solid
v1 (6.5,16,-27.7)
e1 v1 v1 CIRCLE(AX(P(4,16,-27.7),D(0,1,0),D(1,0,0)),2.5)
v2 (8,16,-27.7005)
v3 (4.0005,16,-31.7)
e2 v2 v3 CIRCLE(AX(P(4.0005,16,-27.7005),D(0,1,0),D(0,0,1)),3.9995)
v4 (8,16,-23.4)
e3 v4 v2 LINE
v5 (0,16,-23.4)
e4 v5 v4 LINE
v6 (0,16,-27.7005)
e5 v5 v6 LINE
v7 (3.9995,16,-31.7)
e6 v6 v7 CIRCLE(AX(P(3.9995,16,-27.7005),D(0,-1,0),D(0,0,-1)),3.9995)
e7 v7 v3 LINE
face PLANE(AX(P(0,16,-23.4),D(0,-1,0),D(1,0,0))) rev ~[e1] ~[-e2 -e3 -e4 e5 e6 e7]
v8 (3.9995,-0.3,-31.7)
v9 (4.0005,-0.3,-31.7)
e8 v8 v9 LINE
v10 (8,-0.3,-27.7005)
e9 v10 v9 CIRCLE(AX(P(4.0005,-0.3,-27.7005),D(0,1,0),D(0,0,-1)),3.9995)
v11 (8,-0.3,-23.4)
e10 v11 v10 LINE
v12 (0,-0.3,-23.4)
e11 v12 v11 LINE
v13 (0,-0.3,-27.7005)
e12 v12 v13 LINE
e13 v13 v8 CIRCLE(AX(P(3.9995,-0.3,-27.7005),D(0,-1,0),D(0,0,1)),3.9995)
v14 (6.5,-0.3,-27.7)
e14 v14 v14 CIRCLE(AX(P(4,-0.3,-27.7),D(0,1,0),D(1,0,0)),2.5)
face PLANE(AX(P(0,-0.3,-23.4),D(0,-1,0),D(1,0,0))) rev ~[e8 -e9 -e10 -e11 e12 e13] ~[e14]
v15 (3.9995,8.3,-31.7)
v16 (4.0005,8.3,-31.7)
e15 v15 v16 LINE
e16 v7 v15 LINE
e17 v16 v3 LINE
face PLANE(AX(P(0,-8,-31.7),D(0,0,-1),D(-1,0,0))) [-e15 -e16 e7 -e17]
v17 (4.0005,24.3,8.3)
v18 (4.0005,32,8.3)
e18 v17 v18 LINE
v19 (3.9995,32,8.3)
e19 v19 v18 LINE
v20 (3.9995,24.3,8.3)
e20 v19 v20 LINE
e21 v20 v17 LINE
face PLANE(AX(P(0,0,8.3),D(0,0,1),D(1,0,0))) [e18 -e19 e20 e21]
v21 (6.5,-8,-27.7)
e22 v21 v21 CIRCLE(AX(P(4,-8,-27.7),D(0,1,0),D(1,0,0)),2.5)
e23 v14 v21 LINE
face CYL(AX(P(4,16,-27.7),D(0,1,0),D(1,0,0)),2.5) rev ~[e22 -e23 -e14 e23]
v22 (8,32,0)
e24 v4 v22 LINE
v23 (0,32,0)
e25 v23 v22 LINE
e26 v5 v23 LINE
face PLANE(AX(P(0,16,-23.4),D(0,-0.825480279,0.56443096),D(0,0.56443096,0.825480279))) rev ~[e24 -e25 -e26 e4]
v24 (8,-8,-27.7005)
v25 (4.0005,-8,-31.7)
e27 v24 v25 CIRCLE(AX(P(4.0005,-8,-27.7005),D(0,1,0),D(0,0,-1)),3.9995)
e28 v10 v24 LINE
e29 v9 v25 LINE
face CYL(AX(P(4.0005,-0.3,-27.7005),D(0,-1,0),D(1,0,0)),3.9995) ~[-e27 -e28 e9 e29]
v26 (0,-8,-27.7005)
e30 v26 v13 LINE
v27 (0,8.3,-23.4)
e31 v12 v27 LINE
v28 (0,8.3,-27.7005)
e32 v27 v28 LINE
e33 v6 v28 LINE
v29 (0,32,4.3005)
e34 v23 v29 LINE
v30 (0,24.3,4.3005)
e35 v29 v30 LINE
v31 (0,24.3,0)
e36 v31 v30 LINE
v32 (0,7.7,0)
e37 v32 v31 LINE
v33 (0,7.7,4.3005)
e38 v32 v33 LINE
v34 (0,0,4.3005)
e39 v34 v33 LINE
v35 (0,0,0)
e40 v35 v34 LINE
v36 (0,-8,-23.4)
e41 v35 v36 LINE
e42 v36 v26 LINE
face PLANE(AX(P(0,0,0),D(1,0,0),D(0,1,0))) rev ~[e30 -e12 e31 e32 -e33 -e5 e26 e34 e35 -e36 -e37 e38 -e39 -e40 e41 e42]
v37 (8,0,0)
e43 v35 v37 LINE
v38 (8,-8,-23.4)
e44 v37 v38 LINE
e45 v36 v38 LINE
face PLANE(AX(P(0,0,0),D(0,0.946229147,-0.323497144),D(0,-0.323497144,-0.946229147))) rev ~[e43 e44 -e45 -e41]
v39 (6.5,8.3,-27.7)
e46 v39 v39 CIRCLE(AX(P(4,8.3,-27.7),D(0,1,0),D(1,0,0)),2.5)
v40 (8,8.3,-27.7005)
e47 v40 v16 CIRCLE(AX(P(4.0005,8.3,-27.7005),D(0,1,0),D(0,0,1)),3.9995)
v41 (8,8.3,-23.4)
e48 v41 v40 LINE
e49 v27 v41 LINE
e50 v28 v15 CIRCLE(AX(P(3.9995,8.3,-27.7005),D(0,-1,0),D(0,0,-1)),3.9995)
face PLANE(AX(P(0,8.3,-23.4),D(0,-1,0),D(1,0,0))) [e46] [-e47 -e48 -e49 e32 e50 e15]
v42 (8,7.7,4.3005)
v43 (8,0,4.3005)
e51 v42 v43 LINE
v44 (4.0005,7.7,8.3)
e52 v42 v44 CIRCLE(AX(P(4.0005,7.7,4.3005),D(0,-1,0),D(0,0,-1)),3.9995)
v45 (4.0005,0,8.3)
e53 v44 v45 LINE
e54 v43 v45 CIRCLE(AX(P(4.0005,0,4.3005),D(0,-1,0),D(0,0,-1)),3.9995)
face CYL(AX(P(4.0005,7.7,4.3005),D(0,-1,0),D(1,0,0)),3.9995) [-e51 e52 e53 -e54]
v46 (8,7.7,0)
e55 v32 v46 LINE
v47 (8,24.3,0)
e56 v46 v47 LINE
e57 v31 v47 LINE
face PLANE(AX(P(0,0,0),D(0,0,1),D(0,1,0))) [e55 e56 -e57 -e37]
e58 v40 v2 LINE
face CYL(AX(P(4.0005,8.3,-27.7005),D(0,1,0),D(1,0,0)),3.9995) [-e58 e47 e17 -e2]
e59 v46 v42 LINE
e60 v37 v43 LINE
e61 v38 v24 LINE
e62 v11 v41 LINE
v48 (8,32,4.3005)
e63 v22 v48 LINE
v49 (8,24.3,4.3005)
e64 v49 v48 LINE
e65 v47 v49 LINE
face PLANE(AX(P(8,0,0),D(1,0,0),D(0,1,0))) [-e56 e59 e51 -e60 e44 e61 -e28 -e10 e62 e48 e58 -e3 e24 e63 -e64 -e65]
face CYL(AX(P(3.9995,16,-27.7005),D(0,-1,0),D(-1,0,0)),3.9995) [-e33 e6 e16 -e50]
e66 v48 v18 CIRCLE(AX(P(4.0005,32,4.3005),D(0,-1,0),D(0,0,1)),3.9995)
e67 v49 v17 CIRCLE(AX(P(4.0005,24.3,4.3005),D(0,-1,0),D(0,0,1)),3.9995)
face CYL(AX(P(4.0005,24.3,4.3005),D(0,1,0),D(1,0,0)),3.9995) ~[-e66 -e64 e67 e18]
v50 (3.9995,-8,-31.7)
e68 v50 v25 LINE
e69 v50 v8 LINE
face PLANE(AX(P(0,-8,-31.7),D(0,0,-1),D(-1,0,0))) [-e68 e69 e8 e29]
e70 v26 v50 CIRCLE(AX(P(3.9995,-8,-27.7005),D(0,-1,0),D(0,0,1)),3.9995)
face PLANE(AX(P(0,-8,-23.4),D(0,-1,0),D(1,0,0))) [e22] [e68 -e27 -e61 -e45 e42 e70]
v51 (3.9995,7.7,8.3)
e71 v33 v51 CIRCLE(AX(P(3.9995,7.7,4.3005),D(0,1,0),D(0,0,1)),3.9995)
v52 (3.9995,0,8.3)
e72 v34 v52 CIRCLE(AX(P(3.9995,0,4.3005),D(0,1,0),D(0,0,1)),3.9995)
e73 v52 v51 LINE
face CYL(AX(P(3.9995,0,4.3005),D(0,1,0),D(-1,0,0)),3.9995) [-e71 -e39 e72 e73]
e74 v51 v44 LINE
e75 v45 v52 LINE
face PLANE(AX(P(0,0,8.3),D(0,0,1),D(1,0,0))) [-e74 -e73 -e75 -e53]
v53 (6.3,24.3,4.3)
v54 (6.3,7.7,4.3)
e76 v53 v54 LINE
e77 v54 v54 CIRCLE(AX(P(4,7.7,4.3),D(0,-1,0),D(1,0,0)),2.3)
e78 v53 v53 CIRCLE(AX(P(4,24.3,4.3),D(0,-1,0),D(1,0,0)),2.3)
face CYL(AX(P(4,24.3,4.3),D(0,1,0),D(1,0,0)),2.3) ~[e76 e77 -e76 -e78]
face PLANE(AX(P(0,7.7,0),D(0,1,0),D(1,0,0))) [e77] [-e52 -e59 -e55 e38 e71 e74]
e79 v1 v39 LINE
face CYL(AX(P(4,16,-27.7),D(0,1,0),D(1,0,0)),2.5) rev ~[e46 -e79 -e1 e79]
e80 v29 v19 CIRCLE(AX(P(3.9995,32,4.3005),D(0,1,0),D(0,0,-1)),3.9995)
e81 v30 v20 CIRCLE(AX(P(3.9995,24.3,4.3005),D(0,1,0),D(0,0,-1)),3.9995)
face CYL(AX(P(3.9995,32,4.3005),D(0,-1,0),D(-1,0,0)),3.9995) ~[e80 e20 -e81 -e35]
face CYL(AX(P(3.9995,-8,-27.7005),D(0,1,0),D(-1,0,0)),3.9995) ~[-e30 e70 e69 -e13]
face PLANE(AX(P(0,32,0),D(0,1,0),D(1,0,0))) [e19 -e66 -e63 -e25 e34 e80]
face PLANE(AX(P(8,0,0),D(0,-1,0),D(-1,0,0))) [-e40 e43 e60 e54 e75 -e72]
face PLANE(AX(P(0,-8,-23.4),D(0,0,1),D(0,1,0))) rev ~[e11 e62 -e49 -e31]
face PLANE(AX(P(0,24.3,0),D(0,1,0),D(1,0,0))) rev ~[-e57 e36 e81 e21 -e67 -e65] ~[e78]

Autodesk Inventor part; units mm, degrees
ref_plane "YZ Plane" through (0, 0, 0) normal (1, 0, 0) x (0, 1, 0)
ref_plane "XZ Plane" through (0, 0, 0) normal (0, 1, 0) x (-1, 0, 0)
ref_plane "XY Plane" through (0, 0, 0) normal (0, 0, 1) x (1, 0, 0)
sketch "Sketch2" plane through (0, 0, 0) normal (1, 0, 0) x (0, 1, 0)
  line L0 (0, 0) -> (32, 0)
  line L1 (0, 0) -> (-8, -23.4)
  line L2 (-8, -23.4) -> (16, -23.4)
  line L3 (16, -23.4) -> (32, 0)
  dimension "d4" = 32
  dimension "d32" = 24
  dimension "d34" = 8
  dimension "d35" = 23.4
extrude "Extrusion1" add sketch "Sketch2" along normal blind 8
sketch "Sketch7" plane through (0, -8, -23.4) normal (0, 0, -1) x (-1, 0, 0)
  line L0 (0, 24) -> (-8, 24) projected
  line L1 (-8, 24) -> (0, 24)
  line L2 (0, 24) -> (0, 16.3)
  line L3 (0, 16.3) -> (-8, 16.3)
  line L4 (-8, 16.3) -> (-8, 24)
  line L5 (0, 0) -> (-8, 0) projected
  line L6 (-8, 0) -> (0, 0)
  line L7 (0, 0) -> (0, 7.7)
  line L8 (0, 7.7) -> (-8, 7.7)
  line L9 (-8, 7.7) -> (-8, 0)
  point P0 (0, 8)
  dimension "d36" = 8
  dimension "d37" = 7.7
  dimension "d38" = 8
  dimension "d39" = 7.7
extrude "Extrusion6" add sketch "Sketch7" along normal blind 8.3
sketch "Sketch8" plane through (0, 0, 0) normal (0, 0, 1) x (1, 0, 0)
  line L0 (0, 32) -> (8, 32) projected
  line L1 (8, 32) -> (0, 32)
  line L2 (0, 32) -> (0, 24.3)
  line L3 (0, 24.3) -> (8, 24.3)
  line L4 (8, 24.3) -> (8, 32)
  line L5 (8, 0) -> (0, 0)
  line L6 (0, 0) -> (0, 7.7)
  line L7 (0, 7.7) -> (8, 7.7)
  line L8 (8, 7.7) -> (8, 0)
  dimension "d42" = 8
  dimension "d43" = 7.7
  dimension "d44" = 8
  dimension "d45" = 7.7
extrude "Extrusion7" add sketch "Sketch8" along normal blind 8.3
sketch "Sketch9" plane through (0, 24.3, 0) normal (0, -1, 0) x (1, 0, 0)
  circle A0 centre (4, 4.3) radius 2.3
  line L0 (0, 0) -> (0, 8.3) projected
  line L1 (0, 8.3) -> (8, 8.3) projected
  dimension "d48" = 4.6
  dimension "d49" = 4
  dimension "d50" = 4
extrude "Extrusion8" add sketch "Sketch9" along normal up to surface (16.6 mm away)
sketch "Sketch10" plane through (0, 16, -23.4) normal (0, 1, 0) x (1, 0, 0)
  circle A0 centre (4, 4.3) radius 2.5
  line L0 (8, 0) -> (8, 8.3) projected
  line L1 (0, 8.3) -> (8, 8.3) projected
  point P0 (0, -23.4)
  dimension "d53" = 5
  dimension "d54" = 4
  dimension "d55" = 4
extrude "Extrusion9" cut sketch "Sketch10" against normal up to surface (24 mm away)
fillet "Fillet2" radius 4 8 edges at (0, 12.15, -31.7) (8, 12.15, -31.7) (8, -4.15, -31.7) (0, -4.15, -31.7) (0, 28.15, 8.3) (0, 3.85, 8.3) (8, 28.15, 8.3) (8, 3.85, 8.3)
properties part number "Crank1"
